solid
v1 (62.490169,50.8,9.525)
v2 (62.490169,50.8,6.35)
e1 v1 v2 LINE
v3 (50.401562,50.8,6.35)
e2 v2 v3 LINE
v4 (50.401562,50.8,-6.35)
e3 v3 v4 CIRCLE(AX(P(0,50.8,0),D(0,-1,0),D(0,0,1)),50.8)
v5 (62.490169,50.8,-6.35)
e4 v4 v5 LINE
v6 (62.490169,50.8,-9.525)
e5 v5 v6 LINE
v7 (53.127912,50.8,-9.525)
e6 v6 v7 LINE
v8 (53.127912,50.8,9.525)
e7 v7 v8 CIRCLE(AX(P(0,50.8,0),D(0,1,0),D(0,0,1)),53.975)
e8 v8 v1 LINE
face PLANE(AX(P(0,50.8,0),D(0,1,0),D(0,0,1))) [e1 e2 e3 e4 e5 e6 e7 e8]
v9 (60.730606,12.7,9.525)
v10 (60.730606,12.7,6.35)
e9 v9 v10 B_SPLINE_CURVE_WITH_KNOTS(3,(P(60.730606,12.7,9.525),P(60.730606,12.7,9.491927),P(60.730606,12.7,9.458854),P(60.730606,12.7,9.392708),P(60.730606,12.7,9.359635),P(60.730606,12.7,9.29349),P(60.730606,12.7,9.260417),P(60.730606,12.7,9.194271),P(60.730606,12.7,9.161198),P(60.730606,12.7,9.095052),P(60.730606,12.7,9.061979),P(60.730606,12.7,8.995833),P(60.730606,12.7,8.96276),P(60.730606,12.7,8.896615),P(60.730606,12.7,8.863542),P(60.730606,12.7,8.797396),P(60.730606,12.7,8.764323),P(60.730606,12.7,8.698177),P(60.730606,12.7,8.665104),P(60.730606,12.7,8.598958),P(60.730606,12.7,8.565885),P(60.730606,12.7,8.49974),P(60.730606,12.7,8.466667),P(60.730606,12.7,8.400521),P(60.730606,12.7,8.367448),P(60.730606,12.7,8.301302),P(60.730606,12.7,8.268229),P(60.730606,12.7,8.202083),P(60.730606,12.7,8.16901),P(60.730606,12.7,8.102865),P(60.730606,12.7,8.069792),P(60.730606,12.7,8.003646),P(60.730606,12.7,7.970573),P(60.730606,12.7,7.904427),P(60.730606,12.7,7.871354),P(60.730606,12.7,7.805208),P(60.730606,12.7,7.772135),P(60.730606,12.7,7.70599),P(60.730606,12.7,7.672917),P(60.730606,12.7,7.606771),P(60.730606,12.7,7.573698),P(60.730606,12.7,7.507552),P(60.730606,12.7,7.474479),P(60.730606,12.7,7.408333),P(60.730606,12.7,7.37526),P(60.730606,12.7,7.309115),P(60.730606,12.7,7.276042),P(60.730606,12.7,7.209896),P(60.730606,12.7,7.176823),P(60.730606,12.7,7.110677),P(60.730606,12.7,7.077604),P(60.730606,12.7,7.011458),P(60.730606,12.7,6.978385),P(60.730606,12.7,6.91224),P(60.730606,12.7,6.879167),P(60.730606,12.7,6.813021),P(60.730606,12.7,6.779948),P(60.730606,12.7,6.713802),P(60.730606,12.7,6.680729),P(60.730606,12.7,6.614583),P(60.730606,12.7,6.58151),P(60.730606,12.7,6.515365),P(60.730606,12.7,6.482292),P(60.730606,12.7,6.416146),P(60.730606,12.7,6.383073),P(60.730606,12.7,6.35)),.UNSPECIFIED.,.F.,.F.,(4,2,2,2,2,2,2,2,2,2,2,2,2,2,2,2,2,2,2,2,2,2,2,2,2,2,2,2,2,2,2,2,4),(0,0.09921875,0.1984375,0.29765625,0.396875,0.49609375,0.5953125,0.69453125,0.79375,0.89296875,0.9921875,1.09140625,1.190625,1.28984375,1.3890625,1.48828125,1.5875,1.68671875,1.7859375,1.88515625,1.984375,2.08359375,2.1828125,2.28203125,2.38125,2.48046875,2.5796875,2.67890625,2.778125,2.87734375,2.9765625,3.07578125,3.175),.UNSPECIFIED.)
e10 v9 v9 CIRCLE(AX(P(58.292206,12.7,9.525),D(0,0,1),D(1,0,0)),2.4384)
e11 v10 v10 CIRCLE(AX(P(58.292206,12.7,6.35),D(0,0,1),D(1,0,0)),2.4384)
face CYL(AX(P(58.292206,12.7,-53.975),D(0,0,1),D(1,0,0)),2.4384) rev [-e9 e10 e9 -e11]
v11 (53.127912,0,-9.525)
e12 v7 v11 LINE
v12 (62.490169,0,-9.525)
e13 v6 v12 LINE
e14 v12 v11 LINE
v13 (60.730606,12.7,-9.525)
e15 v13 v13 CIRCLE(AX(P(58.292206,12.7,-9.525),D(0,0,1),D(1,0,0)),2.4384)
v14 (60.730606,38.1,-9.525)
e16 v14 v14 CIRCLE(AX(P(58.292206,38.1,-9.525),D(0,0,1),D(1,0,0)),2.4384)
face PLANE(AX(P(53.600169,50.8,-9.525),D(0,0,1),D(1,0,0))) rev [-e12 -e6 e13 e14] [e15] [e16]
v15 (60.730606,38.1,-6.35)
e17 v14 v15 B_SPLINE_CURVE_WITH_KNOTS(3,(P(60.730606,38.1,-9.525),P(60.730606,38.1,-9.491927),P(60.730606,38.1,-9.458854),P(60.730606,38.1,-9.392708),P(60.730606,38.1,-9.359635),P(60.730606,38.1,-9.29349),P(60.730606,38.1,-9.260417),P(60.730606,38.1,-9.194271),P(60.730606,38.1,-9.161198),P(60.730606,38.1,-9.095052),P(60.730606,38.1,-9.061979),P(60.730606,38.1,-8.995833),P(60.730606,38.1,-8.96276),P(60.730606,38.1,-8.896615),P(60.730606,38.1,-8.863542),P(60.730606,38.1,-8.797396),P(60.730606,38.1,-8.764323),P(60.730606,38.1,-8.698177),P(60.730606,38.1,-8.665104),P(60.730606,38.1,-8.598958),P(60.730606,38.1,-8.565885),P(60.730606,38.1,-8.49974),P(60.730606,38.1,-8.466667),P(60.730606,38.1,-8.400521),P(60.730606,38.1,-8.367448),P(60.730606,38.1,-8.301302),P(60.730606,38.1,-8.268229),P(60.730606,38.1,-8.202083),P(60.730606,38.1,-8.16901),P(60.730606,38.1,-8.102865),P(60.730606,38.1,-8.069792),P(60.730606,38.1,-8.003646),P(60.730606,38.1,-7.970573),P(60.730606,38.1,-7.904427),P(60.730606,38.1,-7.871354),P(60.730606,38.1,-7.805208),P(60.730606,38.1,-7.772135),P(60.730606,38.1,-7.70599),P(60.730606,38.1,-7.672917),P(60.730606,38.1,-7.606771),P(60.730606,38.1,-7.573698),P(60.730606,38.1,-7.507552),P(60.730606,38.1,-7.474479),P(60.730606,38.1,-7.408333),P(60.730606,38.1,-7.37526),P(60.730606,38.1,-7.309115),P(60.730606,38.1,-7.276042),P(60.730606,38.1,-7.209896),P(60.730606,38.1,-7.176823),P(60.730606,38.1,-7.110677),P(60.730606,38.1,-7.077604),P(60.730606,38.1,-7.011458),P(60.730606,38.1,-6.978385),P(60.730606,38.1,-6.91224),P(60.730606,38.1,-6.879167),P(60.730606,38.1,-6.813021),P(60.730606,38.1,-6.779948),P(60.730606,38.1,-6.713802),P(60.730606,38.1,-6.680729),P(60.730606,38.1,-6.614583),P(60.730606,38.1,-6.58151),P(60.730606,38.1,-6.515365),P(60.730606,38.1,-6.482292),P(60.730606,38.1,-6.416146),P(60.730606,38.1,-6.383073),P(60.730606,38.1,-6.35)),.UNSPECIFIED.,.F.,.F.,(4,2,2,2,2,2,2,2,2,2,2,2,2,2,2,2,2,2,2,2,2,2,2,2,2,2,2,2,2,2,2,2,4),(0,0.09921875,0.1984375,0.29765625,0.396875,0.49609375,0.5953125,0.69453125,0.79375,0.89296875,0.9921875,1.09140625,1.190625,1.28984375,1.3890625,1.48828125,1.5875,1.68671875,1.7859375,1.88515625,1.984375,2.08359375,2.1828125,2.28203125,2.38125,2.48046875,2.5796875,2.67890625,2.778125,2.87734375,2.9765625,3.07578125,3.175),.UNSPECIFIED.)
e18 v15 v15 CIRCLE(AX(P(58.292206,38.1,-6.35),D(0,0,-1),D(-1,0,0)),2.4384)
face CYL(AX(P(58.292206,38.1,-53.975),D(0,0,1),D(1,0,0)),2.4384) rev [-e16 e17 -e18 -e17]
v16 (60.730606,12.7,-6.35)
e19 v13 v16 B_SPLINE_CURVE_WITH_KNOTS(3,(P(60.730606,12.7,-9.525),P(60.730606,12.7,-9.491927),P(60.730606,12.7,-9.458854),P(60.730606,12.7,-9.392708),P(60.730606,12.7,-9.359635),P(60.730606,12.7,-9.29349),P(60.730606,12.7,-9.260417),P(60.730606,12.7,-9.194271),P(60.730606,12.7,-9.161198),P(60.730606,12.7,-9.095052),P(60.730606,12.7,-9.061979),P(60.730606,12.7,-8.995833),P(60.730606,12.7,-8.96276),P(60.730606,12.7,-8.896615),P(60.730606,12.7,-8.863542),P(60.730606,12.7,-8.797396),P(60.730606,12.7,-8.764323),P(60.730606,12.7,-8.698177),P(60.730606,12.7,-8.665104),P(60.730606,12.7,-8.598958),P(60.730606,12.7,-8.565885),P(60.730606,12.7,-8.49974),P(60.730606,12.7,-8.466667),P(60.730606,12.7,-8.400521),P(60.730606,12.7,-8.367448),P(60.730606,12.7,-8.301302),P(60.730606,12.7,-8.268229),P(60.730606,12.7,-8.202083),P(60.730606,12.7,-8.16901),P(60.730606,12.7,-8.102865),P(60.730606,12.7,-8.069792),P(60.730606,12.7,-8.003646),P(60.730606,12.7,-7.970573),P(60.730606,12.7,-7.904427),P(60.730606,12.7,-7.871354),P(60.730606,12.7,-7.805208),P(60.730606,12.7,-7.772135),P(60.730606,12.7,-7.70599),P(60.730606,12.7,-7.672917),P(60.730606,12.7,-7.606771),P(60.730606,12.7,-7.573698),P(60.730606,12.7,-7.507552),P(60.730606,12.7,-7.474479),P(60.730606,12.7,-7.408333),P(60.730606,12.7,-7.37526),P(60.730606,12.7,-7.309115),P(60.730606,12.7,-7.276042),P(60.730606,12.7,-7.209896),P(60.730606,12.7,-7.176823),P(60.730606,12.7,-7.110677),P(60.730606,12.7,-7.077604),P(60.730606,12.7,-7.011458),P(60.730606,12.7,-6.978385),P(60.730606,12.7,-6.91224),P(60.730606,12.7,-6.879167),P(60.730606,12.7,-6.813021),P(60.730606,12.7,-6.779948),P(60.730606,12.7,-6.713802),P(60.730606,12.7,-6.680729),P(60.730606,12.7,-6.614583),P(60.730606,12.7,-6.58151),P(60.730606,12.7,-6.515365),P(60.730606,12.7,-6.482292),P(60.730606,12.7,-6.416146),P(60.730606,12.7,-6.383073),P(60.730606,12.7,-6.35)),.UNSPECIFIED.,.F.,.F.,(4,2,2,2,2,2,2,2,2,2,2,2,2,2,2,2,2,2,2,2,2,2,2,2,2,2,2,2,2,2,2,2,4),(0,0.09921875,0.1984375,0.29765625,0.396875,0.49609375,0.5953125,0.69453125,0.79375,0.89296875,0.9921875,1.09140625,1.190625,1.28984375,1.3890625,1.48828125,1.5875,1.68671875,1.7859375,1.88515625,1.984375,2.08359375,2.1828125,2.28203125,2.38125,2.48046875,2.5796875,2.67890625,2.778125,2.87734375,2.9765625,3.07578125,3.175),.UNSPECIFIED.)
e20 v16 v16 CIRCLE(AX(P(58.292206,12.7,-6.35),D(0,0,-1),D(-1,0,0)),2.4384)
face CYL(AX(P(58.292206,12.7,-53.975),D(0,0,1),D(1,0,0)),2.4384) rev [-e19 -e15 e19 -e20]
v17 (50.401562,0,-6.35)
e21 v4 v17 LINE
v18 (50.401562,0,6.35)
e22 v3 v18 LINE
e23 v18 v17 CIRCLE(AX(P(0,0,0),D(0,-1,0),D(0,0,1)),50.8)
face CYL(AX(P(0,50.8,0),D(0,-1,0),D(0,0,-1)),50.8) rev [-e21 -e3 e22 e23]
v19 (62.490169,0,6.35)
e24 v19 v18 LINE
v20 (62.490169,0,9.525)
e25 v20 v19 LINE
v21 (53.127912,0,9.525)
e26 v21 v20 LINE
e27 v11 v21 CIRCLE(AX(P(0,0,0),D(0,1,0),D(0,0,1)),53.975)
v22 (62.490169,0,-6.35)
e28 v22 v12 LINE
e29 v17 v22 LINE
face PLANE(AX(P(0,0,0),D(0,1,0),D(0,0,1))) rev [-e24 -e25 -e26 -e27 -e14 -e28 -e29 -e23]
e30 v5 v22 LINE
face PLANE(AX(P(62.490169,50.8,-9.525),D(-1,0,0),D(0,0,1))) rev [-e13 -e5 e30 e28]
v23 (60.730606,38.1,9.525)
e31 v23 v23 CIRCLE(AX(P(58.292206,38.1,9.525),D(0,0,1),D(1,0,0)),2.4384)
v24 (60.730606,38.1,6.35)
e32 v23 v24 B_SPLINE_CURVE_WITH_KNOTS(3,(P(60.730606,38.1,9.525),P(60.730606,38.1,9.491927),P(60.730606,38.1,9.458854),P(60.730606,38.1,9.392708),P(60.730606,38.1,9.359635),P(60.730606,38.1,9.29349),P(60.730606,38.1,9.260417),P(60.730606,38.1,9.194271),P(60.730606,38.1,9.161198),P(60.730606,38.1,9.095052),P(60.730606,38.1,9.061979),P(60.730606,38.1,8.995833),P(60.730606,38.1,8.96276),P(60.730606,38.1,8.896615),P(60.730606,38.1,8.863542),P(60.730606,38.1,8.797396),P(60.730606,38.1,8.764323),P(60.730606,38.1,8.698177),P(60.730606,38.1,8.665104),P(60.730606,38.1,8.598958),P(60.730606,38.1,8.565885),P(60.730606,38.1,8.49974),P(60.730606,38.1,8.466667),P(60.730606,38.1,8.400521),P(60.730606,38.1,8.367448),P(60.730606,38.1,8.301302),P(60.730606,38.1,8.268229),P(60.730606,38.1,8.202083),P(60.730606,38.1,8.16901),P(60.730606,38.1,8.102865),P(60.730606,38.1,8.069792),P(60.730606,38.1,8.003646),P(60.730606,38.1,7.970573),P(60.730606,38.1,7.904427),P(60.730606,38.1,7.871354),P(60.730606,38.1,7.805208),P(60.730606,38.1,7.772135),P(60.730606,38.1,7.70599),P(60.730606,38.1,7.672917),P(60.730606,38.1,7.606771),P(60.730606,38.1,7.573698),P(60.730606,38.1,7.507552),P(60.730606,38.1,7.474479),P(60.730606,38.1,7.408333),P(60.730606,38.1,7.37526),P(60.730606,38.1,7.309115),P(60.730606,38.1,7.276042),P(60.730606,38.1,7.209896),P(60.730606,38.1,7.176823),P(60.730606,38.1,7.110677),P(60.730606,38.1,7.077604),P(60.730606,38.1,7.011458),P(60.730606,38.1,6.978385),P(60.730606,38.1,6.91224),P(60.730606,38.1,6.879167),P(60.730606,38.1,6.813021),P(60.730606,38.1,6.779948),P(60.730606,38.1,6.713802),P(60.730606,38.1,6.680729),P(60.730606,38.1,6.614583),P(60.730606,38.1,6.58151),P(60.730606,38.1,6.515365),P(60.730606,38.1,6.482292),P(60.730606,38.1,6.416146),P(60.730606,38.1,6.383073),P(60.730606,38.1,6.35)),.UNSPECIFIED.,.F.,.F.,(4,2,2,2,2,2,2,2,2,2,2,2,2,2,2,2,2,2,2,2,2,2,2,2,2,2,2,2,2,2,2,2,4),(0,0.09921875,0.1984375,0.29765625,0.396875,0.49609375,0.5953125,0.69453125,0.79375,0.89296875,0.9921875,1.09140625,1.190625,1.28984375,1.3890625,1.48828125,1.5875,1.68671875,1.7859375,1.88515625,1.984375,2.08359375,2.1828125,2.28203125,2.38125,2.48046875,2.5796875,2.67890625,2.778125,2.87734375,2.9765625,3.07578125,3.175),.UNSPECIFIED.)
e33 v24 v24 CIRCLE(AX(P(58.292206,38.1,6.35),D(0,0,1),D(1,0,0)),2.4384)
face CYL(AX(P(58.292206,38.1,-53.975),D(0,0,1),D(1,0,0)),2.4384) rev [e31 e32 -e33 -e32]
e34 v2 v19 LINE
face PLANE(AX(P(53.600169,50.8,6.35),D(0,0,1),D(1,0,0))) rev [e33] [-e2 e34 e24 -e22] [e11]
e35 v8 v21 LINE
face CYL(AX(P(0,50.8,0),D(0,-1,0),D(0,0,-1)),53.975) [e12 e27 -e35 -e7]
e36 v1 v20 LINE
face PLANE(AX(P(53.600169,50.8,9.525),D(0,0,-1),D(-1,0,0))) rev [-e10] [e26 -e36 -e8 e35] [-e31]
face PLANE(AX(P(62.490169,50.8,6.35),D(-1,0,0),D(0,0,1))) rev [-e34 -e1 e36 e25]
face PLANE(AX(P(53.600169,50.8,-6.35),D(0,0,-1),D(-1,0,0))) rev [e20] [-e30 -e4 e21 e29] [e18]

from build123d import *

# Parameters (mm, degrees)
BOSS_EXTRUDE1_DEPTH = 50.8
SKETCH3_R           = 2.4384
CUT_EXTRUDE1_DEPTH  = 103.556868279


with BuildPart() as part:
    # Sketch2 → Boss-Extrude1 (new body)
    with BuildSketch(Plane(origin=(0, 0, 0), x_dir=(1, 0, 0), z_dir=(0, 1, 0))):
        with BuildLine():
            Line((53.600169076, -6.35), (62.490169076, -6.35))
            Line((62.490169076, -6.35), (62.490169076, -9.525))
            Line((62.490169076, -9.525), (53.600169076, -9.525))
            Line((53.600169076, -9.525), (53.127911685, -9.525))
            ThreePointArc((53.127911685, -9.525), (-53.975, 0), (53.127911685, 9.525))
            Line((53.127911685, 9.525), (53.600169076, 9.525))
            Line((53.600169076, 9.525), (62.490169076, 9.525))
            Line((62.490169076, 9.525), (62.490169076, 6.35))
            Line((62.490169076, 6.35), (53.600169076, 6.35))
            Line((53.600169076, 6.35), (50.401562476, 6.35))
            ThreePointArc((50.401562476, 6.35), (-50.8, 0), (50.401562476, -6.35))
            Line((50.401562476, -6.35), (53.600169076, -6.35))
        make_face()
    extrude(amount=BOSS_EXTRUDE1_DEPTH)

    # Sketch3 → Cut-Extrude1 (cut, through all)
    with BuildSketch(Plane.XY.offset(9.525)):
        with Locations((58.292206061, 38.1)):
            Circle(SKETCH3_R)
        with Locations((58.292206061, 12.7)):
            Circle(SKETCH3_R)
    extrude(amount=-CUT_EXTRUDE1_DEPTH, mode=Mode.SUBTRACT)


solid = part.part
